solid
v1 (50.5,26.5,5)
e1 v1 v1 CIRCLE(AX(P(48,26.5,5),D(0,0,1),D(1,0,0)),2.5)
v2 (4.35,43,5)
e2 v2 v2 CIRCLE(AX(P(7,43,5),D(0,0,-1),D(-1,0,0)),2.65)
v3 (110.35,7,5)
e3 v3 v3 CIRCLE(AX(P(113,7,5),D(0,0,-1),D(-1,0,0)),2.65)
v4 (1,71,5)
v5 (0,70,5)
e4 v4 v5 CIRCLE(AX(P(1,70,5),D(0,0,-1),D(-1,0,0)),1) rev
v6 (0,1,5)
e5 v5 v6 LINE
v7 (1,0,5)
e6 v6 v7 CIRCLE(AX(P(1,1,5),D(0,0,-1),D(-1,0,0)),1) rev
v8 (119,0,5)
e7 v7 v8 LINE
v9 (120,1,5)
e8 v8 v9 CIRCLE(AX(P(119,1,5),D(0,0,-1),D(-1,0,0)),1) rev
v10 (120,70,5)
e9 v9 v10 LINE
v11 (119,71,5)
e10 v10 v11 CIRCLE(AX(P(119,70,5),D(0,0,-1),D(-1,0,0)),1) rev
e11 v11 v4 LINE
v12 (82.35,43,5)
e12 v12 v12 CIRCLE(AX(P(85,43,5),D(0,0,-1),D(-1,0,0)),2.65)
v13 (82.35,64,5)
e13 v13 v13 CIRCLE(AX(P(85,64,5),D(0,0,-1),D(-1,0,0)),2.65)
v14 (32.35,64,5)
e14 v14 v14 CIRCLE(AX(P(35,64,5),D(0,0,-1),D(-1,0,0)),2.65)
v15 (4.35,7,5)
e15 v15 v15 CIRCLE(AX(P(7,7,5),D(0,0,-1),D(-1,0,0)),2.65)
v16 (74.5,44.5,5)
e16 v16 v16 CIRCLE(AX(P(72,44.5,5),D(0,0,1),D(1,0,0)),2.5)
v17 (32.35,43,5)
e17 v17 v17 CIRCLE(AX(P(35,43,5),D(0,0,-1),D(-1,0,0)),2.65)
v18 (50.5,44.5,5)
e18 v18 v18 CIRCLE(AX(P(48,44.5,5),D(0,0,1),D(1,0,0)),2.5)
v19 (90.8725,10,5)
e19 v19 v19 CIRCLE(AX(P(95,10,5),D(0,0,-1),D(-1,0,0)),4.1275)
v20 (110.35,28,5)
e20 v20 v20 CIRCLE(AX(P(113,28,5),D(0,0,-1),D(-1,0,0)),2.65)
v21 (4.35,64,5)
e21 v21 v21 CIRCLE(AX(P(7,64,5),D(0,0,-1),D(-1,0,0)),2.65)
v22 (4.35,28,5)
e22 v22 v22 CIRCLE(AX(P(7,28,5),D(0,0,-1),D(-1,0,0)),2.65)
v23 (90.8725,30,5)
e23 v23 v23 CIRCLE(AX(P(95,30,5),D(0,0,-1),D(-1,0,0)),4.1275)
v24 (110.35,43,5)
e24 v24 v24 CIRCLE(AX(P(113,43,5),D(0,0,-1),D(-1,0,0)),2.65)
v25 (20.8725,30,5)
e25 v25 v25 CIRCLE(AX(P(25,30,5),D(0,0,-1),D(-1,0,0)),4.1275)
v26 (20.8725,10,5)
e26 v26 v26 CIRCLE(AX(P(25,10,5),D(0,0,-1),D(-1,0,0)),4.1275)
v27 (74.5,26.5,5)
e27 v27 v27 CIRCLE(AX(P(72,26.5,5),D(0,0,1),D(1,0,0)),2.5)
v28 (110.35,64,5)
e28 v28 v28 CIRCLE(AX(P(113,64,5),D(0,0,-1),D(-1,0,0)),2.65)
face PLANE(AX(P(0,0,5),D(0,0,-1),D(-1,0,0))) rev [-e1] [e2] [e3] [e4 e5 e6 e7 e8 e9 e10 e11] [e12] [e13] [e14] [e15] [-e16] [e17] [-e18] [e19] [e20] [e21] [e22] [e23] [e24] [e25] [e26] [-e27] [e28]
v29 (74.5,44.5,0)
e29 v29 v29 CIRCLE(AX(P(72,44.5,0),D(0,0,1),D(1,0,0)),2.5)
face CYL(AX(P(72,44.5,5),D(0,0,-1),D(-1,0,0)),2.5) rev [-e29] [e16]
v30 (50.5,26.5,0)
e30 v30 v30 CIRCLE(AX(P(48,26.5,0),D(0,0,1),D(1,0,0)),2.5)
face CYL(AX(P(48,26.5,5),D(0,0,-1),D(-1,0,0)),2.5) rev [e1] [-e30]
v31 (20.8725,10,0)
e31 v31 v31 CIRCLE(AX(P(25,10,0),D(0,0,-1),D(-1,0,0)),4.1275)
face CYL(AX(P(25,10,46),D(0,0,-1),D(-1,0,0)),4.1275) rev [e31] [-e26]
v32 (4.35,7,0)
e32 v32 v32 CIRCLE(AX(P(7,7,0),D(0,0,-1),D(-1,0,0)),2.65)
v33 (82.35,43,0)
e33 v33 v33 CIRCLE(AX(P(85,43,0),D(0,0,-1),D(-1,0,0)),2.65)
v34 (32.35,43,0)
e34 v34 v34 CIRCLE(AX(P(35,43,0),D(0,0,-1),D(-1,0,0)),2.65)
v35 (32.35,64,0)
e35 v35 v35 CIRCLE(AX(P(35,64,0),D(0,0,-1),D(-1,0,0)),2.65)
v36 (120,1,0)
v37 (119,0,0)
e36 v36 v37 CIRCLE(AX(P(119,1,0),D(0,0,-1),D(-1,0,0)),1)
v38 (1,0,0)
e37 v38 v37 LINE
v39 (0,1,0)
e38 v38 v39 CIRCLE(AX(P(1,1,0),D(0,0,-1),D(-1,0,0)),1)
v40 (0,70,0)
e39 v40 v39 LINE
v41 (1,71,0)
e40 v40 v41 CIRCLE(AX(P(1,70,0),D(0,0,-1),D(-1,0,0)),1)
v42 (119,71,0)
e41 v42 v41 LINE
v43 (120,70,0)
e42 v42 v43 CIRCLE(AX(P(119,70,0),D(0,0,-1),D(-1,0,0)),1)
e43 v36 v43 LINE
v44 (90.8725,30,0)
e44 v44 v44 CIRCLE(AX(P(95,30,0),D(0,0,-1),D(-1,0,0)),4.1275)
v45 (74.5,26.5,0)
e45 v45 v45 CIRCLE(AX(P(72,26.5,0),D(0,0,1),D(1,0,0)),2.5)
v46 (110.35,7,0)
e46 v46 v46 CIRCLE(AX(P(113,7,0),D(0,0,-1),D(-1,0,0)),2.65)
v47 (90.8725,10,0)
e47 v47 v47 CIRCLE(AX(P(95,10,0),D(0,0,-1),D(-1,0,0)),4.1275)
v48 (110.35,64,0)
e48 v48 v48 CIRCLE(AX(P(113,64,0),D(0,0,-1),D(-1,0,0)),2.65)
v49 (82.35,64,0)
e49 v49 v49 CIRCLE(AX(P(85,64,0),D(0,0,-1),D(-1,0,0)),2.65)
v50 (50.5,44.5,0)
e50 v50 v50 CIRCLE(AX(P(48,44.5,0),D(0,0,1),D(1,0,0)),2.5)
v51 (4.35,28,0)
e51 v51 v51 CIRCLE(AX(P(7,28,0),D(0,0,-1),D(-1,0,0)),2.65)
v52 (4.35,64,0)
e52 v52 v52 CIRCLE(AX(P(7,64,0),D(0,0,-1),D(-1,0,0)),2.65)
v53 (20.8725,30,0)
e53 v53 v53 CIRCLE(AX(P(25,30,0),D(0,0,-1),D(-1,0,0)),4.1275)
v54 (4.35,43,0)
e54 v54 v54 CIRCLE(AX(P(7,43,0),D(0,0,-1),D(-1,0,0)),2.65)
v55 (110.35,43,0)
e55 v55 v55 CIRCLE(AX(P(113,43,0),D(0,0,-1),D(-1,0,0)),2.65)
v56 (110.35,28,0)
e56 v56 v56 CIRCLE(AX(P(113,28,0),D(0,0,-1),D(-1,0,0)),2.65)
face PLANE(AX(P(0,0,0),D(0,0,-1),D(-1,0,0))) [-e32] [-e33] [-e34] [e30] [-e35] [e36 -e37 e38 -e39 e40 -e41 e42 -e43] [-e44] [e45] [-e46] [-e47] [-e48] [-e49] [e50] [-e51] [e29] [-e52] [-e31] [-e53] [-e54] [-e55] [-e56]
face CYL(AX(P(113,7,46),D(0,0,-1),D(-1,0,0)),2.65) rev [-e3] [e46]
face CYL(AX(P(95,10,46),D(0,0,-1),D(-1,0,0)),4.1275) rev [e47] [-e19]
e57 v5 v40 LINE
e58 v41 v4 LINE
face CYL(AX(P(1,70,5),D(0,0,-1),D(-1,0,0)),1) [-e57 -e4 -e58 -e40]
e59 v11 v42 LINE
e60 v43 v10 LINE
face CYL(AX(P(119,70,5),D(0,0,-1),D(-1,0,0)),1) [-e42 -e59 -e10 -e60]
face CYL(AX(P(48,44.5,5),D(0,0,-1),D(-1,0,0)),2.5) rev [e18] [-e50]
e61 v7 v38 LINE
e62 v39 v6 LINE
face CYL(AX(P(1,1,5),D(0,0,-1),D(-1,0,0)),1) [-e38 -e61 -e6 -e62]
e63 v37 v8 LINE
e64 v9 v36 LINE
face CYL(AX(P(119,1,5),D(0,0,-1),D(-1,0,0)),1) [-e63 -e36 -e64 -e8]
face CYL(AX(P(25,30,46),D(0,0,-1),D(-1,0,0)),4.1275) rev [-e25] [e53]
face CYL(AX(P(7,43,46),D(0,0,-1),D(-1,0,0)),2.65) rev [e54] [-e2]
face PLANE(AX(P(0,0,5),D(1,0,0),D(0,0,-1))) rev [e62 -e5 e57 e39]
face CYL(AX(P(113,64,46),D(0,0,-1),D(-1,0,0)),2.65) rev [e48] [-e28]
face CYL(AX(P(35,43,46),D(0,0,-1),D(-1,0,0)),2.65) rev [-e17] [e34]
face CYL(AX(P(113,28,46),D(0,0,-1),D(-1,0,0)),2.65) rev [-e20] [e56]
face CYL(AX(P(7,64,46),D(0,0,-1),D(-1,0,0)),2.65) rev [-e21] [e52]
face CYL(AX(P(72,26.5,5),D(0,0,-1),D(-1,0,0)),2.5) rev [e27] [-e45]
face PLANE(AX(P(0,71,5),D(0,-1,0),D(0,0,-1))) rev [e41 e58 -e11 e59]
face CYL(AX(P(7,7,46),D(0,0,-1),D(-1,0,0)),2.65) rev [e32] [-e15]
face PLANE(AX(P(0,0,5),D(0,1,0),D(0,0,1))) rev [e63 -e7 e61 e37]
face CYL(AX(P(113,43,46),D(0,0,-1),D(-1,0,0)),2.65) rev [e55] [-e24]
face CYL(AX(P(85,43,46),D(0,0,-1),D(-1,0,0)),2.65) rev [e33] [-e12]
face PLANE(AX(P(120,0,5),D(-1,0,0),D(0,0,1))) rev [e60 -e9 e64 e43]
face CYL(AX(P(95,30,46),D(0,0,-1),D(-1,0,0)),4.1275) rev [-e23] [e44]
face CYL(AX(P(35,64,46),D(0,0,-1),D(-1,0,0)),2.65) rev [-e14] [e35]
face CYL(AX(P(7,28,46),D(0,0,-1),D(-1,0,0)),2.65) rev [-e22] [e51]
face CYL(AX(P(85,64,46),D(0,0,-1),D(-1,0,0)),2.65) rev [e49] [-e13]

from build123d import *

# Parameters (mm, degrees)
SKETCH1_W               = 120
SKETCH1_H               = 71
SKETCH1_R               = 2.5
BOSS_EXTRUDE1_DEPTH     = 5
FILLET1_R               = 1
SKETCH3_R               = 2.65
SKETCH3_R_2             = 4.1275
CUT_EXTRUDE1_DEPTH      = 39
CUT_EXTRUDE1_DEPTH_BACK = 46


with BuildPart() as part:
    # Sketch1 → Boss-Extrude1 (new body)
    with BuildSketch(Plane.XY):
        with Locations((60, 35.5)):
            Rectangle(SKETCH1_W, SKETCH1_H)
        with Locations((48, 44.5)):
            Circle(SKETCH1_R, mode=Mode.SUBTRACT)
        with Locations((72, 44.5)):
            Circle(SKETCH1_R, mode=Mode.SUBTRACT)
        with Locations((48, 26.5)):
            Circle(SKETCH1_R, mode=Mode.SUBTRACT)
        with Locations((72, 26.5)):
            Circle(SKETCH1_R, mode=Mode.SUBTRACT)
    extrude(amount=BOSS_EXTRUDE1_DEPTH)

    # Fillet1
    fillet1_edges = [part.edges().sort_by_distance(p)[0] for p in [
        (0, 71, 2.5),
        (120, 71, 2.5),
        (120, 0, 2.5),
        (0, 0, 2.5),
    ]]
    fillet(fillet1_edges, radius=FILLET1_R)

    # Sketch3 → Cut-Extrude1 (cut, two sides)
    with BuildSketch(Plane(origin=(0, 0, 0), x_dir=(-1, 0, 0), z_dir=(0, 0, -1))) as cut_extrude1_sk:
        with Locations((-113, 64)):
            Circle(SKETCH3_R)
        with Locations((-113, 43)):
            Circle(SKETCH3_R)
        with Locations((-85, 64)):
            Circle(SKETCH3_R)
        with Locations((-113, 28)):
            Circle(SKETCH3_R)
        with Locations((-113, 7)):
            Circle(SKETCH3_R)
        with Locations((-7, 7)):
            Circle(SKETCH3_R)
        with Locations((-7, 28)):
            Circle(SKETCH3_R)
        with Locations((-7, 64)):
            Circle(SKETCH3_R)
        with Locations((-7, 43)):
            Circle(SKETCH3_R)
        with Locations((-35, 64)):
            Circle(SKETCH3_R)
        with Locations((-35, 43)):
            Circle(SKETCH3_R)
        with Locations((-85, 43)):
            Circle(SKETCH3_R)
        with Locations((-25, 30)):
            Circle(SKETCH3_R_2)
        with Locations((-25, 10)):
            Circle(SKETCH3_R_2)
        with Locations((-95, 10)):
            Circle(SKETCH3_R_2)
        with Locations((-95, 30)):
            Circle(SKETCH3_R_2)
    extrude(amount=CUT_EXTRUDE1_DEPTH, mode=Mode.SUBTRACT)
    extrude(cut_extrude1_sk.sketch, amount=-CUT_EXTRUDE1_DEPTH_BACK, mode=Mode.SUBTRACT)


solid = part.part
